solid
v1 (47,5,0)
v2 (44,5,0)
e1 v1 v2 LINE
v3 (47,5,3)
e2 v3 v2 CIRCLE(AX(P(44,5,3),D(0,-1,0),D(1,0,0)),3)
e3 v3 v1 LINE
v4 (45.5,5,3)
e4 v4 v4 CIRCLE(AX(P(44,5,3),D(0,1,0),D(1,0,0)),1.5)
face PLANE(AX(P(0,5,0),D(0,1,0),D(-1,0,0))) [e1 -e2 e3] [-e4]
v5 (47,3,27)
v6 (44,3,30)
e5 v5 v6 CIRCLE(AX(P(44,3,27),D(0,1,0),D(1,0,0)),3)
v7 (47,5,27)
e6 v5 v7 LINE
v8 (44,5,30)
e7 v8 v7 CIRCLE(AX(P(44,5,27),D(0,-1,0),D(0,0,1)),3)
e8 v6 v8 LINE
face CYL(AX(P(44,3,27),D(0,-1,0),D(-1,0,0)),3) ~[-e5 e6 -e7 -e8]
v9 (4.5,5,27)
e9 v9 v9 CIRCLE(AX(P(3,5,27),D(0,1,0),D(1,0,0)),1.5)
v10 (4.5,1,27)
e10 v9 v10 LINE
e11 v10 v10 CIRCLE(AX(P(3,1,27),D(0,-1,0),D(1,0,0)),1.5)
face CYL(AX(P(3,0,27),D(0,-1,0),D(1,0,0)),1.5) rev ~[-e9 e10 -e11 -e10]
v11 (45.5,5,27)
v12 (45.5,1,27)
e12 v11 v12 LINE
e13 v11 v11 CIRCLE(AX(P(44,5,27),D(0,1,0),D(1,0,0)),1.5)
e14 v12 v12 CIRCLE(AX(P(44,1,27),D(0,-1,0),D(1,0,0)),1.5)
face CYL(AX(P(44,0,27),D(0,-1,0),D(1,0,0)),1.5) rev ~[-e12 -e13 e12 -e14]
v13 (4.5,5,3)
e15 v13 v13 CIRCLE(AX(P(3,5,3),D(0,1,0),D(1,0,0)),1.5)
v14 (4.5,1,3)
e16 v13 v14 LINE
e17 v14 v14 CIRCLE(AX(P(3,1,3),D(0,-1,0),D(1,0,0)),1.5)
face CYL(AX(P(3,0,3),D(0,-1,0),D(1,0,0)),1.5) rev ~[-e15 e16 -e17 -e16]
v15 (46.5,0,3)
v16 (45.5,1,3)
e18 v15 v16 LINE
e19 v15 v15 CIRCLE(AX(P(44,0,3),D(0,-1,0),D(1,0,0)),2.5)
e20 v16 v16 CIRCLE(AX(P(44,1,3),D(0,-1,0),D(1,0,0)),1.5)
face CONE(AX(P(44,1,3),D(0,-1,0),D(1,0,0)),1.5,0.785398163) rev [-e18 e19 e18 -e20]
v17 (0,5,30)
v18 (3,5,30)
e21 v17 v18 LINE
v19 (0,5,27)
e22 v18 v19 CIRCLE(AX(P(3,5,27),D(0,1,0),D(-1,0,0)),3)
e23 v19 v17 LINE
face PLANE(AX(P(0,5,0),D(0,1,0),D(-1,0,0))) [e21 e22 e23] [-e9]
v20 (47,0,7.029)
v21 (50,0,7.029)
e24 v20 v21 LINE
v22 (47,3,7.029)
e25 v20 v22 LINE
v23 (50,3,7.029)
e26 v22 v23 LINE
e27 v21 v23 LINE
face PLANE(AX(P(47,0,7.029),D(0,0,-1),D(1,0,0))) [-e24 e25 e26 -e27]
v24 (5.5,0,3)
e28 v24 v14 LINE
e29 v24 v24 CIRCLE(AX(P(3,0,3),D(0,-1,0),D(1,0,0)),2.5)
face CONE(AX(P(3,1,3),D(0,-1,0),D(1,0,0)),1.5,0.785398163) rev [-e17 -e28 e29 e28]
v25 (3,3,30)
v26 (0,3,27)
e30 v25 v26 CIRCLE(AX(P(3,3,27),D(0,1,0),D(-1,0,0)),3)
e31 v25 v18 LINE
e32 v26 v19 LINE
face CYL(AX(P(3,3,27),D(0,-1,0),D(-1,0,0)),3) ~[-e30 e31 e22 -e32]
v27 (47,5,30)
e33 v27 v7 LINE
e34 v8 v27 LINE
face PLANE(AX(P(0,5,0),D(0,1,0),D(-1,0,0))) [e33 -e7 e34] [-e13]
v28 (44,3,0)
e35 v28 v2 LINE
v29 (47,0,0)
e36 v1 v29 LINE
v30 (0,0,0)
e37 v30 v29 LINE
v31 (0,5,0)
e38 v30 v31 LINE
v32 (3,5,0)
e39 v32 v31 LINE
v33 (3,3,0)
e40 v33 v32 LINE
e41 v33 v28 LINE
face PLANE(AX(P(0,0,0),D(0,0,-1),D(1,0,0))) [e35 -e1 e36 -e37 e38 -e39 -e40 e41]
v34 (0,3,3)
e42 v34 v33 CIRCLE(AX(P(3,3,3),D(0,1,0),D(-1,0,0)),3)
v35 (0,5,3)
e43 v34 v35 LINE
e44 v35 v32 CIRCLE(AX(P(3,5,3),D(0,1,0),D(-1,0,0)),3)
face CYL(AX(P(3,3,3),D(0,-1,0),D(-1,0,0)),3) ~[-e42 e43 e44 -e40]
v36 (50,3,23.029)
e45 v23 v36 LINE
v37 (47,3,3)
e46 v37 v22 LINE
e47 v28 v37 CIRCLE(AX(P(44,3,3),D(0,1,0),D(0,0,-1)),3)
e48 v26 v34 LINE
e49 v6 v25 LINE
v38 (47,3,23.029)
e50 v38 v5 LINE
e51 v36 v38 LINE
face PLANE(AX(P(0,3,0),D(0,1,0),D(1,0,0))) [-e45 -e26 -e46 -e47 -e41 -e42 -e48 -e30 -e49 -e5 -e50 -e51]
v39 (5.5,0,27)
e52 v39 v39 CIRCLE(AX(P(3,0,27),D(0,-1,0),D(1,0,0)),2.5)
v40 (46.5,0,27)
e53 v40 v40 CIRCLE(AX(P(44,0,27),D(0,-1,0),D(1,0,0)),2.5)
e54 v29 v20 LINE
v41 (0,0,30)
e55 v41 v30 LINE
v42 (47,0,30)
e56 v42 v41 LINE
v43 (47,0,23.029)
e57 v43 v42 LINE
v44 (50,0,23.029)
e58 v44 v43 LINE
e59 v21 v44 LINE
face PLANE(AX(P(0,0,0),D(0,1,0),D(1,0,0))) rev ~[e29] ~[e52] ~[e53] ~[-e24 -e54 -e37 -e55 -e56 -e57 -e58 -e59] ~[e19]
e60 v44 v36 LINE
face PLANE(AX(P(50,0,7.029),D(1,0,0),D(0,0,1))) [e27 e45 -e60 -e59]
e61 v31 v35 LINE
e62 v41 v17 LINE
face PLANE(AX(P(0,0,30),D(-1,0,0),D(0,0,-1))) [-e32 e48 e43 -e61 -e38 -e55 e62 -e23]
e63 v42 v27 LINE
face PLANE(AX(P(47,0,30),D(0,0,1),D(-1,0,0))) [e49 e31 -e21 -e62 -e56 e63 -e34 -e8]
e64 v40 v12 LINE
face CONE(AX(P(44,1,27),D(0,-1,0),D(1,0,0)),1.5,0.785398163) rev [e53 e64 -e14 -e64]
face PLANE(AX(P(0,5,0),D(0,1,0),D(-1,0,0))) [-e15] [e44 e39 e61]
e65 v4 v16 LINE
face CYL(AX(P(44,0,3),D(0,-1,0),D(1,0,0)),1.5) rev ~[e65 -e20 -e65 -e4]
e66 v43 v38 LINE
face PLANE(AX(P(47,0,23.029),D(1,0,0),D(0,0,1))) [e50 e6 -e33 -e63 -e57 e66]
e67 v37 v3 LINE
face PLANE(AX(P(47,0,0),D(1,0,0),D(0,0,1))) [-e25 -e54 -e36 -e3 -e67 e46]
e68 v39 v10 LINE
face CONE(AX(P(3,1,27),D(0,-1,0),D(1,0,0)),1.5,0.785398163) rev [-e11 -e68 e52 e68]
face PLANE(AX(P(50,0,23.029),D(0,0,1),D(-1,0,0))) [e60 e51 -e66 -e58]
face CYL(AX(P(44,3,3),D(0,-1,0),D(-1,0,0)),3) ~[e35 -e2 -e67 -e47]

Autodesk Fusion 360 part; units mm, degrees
sketch "Sketch1" plane through (0, 0, 0) normal (0, 1, 0) x (1, 0, 0)
  line L0 (0, 0) -> (47, 0)
  line L1 (47, 0) -> (47, -30)
  line L2 (47, -30) -> (0, -30)
  line L3 (0, -30) -> (0, 0)
  line L4 (47, -7.029) -> (50, -7.029)
  line L5 (50, -7.029) -> (50, -23.029)
  line L6 (50, -23.029) -> (47, -23.029)
  line L7 (47, -23.029) -> (47, -7.029)
  dimension "d1" = 47
  dimension "d2" = 30
  dimension "d3" = 16
extrude "Extrude1" add sketch "Sketch1" along normal blind 3
sketch "Sketch2" plane through (0, 3, 0) normal (0, 1, 0) x (-1, 0, 0)
  line L0 (-50, 23.029) -> (-50, 7.029)
  line L1 (-50, 7.029) -> (-47, 7.029)
  line L2 (-47, 7.029) -> (-47, 0)
  line L3 (-47, 0) -> (0, 0)
  line L4 (0, 0) -> (0, 30)
  line L5 (0, 30) -> (-47, 30)
  line L6 (-47, 30) -> (-47, 23.029)
  line L7 (-47, 23.029) -> (-50, 23.029)
  line L8 (-50, 23.029) -> (-47, 23.029)
  line L9 (-47, 23.029) -> (-47, 7.029)
  line L10 (-47, 7.029) -> (-50, 7.029)
  line L11 (-50, 7.029) -> (-50, 23.029)
  line L12 (-47, 30) -> (0, 30)
  line L13 (0, 30) -> (0, 0)
  line L14 (0, 0) -> (-47, 0)
  line L15 (-47, 0) -> (-47, 30)
  circle A0 centre (-44, 27) radius 3
  circle A1 centre (-3, 27) radius 3
  circle A2 centre (-44, 3) radius 3
  circle A3 centre (-3, 3) radius 3
  circle A4 centre (-3, 3) radius 1.5
  circle A5 centre (-44, 3) radius 1.5
  circle A6 centre (-44, 27) radius 1.5
  circle A7 centre (-3, 27) radius 1.5
  dimension "d6" = 6
  dimension "d7" = 3
  dimension "d8" = 3
  dimension "d9" = 3
extrude "Extrude2" add sketch "Sketch2" along normal blind 2 contours L5 L6 L12 L15 A0 | A0 | L2 L3 L14 L15 A2 | A2 | L4 L5 L12 L13 A1 | A1 | L3 L4 L13 L14 A3 | A3
sketch "Sketch3" plane through (0, 0, 0) normal (0, -1, 0) x (1, 0, 0)
  line L0 (50, 7.029) -> (50, 23.029)
  line L1 (50, 23.029) -> (47, 23.029)
  line L2 (47, 23.029) -> (47, 30)
  line L3 (47, 30) -> (0, 30)
  line L4 (0, 30) -> (0, 0)
  line L5 (0, 0) -> (47, 0)
  line L6 (47, 0) -> (47, 7.029)
  line L7 (47, 7.029) -> (50, 7.029)
  circle A0 centre (3, 27) radius 3
  circle A1 centre (3, 27) radius 1.5
  circle A2 centre (44, 27) radius 3
  circle A3 centre (44, 27) radius 1.5
  circle A4 centre (3, 3) radius 3
  circle A5 centre (3, 3) radius 1.5
  circle A6 centre (44, 3) radius 3
  circle A7 centre (44, 3) radius 1.5
  dimension "d12" = 6
  dimension "d13" = 3
  dimension "d14" = 6
  dimension "d15" = 3
extrude "Extrude3" cut sketch "Sketch3" against normal blind 6 contours A1 | A3 | A5 | A7
chamfer "Chamfer1" distance 1 angle 45 1 edges at (1.6015, 0, 3.5424)
chamfer "Chamfer2" distance 1 angle 45 1 edges at (42.6015, 0, 3.5424)
chamfer "Chamfer3" distance 1 angle 45 1 edges at (1.6015, 0, 27.5424)
chamfer "Chamfer4" distance 1 angle 45 1 edges at (42.6015, 0, 27.5424)
